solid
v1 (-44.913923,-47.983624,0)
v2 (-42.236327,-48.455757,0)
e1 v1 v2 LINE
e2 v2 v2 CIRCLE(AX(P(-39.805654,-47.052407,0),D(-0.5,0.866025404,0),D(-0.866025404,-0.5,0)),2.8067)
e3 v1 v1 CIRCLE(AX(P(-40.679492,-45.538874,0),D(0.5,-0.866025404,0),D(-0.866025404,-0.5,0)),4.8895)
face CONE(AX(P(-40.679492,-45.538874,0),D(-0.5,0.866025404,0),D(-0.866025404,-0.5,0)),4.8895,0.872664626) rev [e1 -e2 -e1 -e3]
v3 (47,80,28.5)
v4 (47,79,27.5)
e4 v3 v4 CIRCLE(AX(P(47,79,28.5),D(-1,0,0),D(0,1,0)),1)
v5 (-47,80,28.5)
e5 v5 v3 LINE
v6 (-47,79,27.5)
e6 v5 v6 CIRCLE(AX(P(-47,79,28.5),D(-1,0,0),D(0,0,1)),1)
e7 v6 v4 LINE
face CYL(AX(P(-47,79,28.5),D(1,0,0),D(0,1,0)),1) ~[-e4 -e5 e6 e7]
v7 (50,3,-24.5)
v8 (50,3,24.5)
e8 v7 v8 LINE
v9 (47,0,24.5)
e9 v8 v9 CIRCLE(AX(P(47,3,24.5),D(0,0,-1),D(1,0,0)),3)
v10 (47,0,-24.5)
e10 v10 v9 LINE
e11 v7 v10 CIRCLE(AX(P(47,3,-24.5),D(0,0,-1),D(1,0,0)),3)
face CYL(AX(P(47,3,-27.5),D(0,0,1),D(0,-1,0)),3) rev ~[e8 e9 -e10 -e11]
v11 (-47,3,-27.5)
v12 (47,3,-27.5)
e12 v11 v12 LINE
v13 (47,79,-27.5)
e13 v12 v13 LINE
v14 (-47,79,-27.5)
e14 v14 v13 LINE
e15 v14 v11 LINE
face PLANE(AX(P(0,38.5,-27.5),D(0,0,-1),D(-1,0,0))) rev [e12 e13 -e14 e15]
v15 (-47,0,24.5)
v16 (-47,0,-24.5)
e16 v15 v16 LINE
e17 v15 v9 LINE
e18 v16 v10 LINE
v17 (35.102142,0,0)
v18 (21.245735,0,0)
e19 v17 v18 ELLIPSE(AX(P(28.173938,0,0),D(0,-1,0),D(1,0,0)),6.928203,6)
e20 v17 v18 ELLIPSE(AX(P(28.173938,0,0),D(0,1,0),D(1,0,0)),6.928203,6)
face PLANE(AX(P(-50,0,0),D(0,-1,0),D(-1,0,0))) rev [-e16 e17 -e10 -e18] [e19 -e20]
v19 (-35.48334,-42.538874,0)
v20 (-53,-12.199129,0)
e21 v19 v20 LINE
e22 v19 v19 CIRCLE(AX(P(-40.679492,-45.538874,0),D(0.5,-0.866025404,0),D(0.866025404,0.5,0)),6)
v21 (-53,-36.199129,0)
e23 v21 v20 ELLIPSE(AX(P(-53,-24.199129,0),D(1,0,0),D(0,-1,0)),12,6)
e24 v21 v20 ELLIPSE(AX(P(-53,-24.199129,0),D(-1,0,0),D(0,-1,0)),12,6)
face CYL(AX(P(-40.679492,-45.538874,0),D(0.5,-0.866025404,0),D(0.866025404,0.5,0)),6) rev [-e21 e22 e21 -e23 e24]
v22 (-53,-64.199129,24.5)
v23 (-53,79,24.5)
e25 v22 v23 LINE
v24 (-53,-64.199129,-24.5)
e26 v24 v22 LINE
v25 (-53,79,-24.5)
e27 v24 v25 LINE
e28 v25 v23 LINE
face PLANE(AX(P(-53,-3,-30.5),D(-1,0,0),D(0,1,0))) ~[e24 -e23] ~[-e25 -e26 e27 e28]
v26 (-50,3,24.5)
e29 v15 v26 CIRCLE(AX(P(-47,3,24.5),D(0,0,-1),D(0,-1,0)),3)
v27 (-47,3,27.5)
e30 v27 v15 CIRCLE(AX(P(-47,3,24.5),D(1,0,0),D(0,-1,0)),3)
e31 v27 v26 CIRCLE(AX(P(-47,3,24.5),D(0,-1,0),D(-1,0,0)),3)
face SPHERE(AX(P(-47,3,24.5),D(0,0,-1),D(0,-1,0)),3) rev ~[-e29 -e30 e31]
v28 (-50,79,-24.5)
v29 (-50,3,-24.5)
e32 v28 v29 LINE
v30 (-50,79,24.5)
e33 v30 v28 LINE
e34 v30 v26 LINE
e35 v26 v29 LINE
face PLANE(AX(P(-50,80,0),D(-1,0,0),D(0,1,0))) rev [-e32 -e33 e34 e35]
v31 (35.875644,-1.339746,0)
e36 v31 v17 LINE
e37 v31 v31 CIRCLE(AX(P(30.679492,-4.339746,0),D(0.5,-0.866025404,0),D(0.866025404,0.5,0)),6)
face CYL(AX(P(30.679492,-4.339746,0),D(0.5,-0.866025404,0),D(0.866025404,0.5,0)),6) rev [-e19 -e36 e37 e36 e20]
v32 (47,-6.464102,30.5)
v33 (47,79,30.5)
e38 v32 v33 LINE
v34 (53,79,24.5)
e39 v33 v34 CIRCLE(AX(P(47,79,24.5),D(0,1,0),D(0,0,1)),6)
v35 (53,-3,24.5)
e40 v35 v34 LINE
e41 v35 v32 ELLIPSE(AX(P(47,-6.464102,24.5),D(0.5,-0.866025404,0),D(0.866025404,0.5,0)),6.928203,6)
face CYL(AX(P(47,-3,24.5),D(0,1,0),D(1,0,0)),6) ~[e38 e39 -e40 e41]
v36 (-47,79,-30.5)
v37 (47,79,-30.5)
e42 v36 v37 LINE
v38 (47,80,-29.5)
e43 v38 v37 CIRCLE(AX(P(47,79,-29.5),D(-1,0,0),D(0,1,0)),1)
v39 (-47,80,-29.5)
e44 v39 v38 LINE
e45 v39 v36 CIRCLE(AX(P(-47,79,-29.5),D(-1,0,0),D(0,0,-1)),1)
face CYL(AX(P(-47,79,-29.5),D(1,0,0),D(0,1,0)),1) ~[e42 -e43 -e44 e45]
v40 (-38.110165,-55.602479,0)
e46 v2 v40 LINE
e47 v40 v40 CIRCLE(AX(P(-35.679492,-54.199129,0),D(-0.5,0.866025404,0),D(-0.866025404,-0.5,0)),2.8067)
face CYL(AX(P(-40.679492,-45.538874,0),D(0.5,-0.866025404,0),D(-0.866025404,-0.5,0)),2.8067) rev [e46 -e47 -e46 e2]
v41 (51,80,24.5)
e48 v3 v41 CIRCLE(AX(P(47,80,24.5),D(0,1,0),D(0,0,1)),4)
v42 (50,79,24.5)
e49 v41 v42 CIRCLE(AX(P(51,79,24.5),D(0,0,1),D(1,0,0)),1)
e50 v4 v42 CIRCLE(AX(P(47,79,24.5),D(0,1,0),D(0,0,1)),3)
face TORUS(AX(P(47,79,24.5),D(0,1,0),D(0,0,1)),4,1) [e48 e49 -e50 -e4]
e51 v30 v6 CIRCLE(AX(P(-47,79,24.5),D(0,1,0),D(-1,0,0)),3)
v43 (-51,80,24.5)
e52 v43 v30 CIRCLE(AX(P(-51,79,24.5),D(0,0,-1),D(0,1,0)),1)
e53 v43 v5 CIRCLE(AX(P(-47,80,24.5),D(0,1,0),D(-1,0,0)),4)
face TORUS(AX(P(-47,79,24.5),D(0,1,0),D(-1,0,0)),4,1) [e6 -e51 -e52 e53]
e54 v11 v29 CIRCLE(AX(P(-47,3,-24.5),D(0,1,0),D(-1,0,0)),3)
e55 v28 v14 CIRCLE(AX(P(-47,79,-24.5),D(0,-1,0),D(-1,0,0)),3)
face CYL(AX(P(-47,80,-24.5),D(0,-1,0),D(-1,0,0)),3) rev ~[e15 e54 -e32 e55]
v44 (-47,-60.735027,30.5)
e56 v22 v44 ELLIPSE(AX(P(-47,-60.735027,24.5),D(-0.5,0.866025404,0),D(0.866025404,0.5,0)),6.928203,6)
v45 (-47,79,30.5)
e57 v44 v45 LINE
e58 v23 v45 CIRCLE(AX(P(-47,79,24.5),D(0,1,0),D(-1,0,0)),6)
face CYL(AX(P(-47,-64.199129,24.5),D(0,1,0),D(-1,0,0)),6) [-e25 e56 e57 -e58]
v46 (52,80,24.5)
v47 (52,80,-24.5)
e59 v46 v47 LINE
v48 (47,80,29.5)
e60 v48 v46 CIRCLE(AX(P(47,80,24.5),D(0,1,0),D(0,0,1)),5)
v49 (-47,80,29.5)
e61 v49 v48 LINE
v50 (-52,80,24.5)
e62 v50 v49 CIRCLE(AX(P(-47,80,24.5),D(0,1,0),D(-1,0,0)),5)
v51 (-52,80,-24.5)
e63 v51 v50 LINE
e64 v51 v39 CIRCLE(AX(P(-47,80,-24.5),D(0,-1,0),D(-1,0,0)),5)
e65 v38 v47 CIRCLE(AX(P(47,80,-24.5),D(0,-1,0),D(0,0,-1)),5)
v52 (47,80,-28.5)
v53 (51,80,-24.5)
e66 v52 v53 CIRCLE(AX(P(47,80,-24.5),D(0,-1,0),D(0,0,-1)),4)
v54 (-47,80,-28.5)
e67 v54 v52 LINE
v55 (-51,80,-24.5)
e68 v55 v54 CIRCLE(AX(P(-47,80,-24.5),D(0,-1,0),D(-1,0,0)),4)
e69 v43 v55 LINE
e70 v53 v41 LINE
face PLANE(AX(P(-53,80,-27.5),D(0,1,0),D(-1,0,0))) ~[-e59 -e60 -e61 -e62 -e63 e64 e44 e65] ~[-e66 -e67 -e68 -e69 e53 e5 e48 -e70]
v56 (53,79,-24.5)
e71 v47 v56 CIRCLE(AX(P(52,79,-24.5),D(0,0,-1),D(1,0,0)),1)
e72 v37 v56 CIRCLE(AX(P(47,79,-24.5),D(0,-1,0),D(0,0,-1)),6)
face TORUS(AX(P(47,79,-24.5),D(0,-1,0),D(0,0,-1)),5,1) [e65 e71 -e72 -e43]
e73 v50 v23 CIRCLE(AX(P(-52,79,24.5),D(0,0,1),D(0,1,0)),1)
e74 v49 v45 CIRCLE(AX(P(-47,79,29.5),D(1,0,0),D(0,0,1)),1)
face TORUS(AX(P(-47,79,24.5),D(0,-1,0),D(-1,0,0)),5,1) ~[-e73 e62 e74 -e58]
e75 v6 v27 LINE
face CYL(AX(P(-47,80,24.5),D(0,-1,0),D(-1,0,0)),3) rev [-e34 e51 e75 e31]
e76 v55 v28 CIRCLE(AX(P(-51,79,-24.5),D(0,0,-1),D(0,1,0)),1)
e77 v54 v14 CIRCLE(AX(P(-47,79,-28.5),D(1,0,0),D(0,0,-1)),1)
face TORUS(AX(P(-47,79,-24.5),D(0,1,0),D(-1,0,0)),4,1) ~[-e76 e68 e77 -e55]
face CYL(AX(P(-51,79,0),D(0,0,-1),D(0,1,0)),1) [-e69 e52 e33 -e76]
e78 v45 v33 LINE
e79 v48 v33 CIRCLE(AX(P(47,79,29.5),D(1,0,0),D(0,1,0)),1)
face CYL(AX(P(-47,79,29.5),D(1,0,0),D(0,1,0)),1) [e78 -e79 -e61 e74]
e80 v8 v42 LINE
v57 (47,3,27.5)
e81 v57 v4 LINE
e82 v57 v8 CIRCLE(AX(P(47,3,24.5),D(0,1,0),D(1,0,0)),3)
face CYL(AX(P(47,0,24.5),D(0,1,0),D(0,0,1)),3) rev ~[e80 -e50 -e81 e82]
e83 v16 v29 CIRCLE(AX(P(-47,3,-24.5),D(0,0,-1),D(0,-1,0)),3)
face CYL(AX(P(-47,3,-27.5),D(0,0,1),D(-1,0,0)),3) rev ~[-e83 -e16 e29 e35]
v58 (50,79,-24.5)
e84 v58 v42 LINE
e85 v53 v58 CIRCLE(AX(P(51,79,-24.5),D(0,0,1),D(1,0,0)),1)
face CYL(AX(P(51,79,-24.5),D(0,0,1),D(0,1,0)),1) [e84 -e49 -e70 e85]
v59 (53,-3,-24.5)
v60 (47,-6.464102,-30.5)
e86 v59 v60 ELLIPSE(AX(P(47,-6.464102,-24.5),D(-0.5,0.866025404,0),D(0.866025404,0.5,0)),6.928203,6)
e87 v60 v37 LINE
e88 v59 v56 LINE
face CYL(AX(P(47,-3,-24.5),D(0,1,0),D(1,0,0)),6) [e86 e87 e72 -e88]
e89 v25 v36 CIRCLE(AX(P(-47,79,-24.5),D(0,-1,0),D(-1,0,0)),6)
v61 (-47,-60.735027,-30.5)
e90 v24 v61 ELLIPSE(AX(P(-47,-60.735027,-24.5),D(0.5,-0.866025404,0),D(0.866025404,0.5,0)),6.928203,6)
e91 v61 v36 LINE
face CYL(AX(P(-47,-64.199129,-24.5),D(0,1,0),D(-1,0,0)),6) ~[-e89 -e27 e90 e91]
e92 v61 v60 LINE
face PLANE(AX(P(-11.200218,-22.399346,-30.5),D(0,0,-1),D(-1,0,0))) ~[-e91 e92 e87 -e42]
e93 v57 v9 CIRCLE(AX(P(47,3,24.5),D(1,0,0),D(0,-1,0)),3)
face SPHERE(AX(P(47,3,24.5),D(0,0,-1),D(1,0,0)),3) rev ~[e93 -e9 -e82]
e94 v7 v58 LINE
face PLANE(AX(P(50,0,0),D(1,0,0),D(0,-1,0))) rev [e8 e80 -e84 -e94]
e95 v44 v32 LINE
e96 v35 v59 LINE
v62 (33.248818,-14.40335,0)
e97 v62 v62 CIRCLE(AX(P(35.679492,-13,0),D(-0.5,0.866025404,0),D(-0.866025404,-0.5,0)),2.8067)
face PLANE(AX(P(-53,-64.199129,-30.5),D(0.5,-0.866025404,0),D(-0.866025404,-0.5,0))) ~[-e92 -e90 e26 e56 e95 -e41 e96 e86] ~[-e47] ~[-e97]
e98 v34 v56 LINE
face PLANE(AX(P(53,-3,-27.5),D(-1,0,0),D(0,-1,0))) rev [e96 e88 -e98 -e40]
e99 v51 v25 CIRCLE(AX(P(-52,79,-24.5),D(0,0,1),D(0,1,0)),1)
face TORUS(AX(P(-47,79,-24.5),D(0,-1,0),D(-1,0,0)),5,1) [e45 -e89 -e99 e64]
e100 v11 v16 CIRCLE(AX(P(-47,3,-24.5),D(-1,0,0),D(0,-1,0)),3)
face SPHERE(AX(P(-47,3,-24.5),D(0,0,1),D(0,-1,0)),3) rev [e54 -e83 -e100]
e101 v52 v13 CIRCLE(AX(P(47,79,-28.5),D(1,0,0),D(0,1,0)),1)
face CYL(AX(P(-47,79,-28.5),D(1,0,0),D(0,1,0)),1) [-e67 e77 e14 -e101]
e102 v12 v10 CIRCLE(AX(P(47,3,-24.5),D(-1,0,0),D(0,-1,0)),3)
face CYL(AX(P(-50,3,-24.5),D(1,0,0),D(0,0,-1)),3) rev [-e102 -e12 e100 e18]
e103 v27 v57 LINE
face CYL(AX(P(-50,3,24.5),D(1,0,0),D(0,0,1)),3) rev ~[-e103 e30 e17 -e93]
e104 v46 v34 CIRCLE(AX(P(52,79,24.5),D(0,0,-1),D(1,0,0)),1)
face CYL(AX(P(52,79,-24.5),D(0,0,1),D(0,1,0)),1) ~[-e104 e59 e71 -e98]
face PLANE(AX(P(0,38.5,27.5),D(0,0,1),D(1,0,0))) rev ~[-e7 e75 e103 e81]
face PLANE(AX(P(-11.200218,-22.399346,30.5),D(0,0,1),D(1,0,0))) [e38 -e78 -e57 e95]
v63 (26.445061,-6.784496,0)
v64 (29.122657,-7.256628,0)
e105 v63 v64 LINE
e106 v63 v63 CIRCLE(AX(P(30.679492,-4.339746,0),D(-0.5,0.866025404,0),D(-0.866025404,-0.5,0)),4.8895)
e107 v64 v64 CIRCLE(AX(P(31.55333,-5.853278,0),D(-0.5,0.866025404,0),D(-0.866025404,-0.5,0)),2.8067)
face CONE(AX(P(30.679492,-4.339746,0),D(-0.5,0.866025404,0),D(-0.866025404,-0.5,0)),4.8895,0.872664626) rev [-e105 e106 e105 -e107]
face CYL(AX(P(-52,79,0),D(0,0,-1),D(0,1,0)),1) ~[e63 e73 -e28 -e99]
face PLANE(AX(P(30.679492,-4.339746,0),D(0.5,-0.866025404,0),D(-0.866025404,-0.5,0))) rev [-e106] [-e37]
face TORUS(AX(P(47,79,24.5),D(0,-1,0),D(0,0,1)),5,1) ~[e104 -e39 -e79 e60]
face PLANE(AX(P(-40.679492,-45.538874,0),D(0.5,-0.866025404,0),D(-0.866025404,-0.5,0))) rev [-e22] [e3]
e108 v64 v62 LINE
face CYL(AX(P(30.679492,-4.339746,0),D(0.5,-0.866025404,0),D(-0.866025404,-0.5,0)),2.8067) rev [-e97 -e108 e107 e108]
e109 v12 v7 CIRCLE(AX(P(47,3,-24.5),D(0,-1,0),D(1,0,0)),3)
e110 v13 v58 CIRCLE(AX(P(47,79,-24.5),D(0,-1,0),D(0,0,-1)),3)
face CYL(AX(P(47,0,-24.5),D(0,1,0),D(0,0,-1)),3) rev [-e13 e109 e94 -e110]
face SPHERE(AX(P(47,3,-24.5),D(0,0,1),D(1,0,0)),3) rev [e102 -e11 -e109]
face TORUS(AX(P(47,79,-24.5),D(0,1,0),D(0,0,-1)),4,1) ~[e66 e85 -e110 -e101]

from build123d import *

# Parameters (mm, degrees)
BOSS_EXTRUDE1_DEPTH                                = 27.5
SKETCH3_W                                          = 106
SKETCH3_H                                          = 83
CUT_EXTRUDE1_DEPTH                                 = 28.5
SKETCH4_W                                          = 106
SKETCH4_H                                          = 83
BOSS_EXTRUDE2_DEPTH                                = 3
BOSS_EXTRUDE3_DEPTH                                = 30.5
FILLET1_R                                          = 3
FILLET2_R                                          = 6
FILLET3_R                                          = 1
CUT_EXTRUDE3_START                                 = -10
SKETCH8_R                                          = 6
CUT_EXTRUDE3_DEPTH                                 = 115.880108514
CSK_FOR_10_FLAT_HEAD_MACHINE_SCREW_100_D           = 5.6134
CSK_FOR_10_FLAT_HEAD_MACHINE_SCREW_100_CSINK_D     = 9.779
CSK_FOR_10_FLAT_HEAD_MACHINE_SCREW_100_CSINK_ANGLE = 100


with BuildPart() as part:
    # Sketch1 → Boss-Extrude1 (new body, symmetric)
    with BuildSketch(Plane.XY):
        Polygon((-53, 80), (-50, 80), (-50, 0), (50, 0), (50, 80), (53, 80), (53, -3), (-53, -3), align=None)
    extrude(amount=BOSS_EXTRUDE1_DEPTH, both=True)

    # Sketch3 → Cut-Extrude1 (cut, through all)
    with BuildSketch(Plane.XY):
        with Locations((0, 38.5)):
            Rectangle(SKETCH3_W, SKETCH3_H)
    extrude(amount=-CUT_EXTRUDE1_DEPTH, mode=Mode.SUBTRACT)

    # Sketch4 → Boss-Extrude2 (add)
    with BuildSketch(Plane.XY.offset(27.5)):
        with Locations((0, 38.5)):
            Rectangle(SKETCH4_W, SKETCH4_H)
    extrude(amount=BOSS_EXTRUDE2_DEPTH)

    # Sketch5 → Boss-Extrude3 (add)
    with BuildSketch(Plane.XY.offset(30.5)):
        Polygon((-53, -3), (-53, -64.199128534), (53, -3), align=None)
    extrude(amount=-BOSS_EXTRUDE3_DEPTH)

    # Fillet1
    fillet1_edges = [part.edges().sort_by_distance(p)[0] for p in [
        (-50, 0, 13.75),
        (50, 0, 13.75),
        (50, 40, 27.5),
        (0, 0, 27.5),
        (-50, 40, 27.5),
    ]]
    fillet(fillet1_edges, radius=FILLET1_R)

    # Fillet2
    fillet2_edges = [part.edges().sort_by_distance(p)[0] for p in [
        (-53, 7.900435733, 30.5),
        (53, 38.5, 30.5),
    ]]
    fillet(fillet2_edges, radius=FILLET2_R)

    # Fillet3
    fillet3_edges = [part.edges().sort_by_distance(p)[0] for p in [
        (0, 80, 30.5),
        (-53, 80, 12.25),
        (53, 80, 12.25),
        (51.242640687, 80, 28.742640687),
        (-51.242640687, 80, 28.742640687),
        (0, 80, 27.5),
        (50, 80, 12.25),
        (-50, 80, 12.25),
        (49.121320344, 80, 26.621320344),
        (-49.121320344, 80, 26.621320344),
    ]]
    fillet(fillet3_edges, radius=FILLET3_R)

    # Sketch8 → Cut-Extrude3 (cut, through all)
    with BuildSketch(Plane(origin=(14.549038106, -25.1996732, 0), x_dir=(0.866025404, 0.5, 0), z_dir=(0.5, -0.866025404, 0)).offset(CUT_EXTRUDE3_START)):
        with Locations((-57.998910668, 0)):
            Circle(SKETCH8_R)
        with Locations((24.399346401, 0)):
            Circle(SKETCH8_R)
    extrude(amount=-CUT_EXTRUDE3_DEPTH, mode=Mode.SUBTRACT)

    # CSK for #10 Flat Head Machine Screw (100)2 (through all)
    with Locations(Plane(origin=(-40.679491924, -45.538874496, 0), x_dir=(0.866025404, 0.5, 0), z_dir=(-0.5, 0.866025404, 0))):
        with Locations((0, 0), (82.398257068, 0)):
            CounterSinkHole(CSK_FOR_10_FLAT_HEAD_MACHINE_SCREW_100_D / 2, CSK_FOR_10_FLAT_HEAD_MACHINE_SCREW_100_CSINK_D / 2, counter_sink_angle=CSK_FOR_10_FLAT_HEAD_MACHINE_SCREW_100_CSINK_ANGLE)

    # Mirror1: part across plane


with BuildPart() as part_1:
    add(part.part)
    add(part.part.mirror(Plane.XY))


solid = part_1.part
